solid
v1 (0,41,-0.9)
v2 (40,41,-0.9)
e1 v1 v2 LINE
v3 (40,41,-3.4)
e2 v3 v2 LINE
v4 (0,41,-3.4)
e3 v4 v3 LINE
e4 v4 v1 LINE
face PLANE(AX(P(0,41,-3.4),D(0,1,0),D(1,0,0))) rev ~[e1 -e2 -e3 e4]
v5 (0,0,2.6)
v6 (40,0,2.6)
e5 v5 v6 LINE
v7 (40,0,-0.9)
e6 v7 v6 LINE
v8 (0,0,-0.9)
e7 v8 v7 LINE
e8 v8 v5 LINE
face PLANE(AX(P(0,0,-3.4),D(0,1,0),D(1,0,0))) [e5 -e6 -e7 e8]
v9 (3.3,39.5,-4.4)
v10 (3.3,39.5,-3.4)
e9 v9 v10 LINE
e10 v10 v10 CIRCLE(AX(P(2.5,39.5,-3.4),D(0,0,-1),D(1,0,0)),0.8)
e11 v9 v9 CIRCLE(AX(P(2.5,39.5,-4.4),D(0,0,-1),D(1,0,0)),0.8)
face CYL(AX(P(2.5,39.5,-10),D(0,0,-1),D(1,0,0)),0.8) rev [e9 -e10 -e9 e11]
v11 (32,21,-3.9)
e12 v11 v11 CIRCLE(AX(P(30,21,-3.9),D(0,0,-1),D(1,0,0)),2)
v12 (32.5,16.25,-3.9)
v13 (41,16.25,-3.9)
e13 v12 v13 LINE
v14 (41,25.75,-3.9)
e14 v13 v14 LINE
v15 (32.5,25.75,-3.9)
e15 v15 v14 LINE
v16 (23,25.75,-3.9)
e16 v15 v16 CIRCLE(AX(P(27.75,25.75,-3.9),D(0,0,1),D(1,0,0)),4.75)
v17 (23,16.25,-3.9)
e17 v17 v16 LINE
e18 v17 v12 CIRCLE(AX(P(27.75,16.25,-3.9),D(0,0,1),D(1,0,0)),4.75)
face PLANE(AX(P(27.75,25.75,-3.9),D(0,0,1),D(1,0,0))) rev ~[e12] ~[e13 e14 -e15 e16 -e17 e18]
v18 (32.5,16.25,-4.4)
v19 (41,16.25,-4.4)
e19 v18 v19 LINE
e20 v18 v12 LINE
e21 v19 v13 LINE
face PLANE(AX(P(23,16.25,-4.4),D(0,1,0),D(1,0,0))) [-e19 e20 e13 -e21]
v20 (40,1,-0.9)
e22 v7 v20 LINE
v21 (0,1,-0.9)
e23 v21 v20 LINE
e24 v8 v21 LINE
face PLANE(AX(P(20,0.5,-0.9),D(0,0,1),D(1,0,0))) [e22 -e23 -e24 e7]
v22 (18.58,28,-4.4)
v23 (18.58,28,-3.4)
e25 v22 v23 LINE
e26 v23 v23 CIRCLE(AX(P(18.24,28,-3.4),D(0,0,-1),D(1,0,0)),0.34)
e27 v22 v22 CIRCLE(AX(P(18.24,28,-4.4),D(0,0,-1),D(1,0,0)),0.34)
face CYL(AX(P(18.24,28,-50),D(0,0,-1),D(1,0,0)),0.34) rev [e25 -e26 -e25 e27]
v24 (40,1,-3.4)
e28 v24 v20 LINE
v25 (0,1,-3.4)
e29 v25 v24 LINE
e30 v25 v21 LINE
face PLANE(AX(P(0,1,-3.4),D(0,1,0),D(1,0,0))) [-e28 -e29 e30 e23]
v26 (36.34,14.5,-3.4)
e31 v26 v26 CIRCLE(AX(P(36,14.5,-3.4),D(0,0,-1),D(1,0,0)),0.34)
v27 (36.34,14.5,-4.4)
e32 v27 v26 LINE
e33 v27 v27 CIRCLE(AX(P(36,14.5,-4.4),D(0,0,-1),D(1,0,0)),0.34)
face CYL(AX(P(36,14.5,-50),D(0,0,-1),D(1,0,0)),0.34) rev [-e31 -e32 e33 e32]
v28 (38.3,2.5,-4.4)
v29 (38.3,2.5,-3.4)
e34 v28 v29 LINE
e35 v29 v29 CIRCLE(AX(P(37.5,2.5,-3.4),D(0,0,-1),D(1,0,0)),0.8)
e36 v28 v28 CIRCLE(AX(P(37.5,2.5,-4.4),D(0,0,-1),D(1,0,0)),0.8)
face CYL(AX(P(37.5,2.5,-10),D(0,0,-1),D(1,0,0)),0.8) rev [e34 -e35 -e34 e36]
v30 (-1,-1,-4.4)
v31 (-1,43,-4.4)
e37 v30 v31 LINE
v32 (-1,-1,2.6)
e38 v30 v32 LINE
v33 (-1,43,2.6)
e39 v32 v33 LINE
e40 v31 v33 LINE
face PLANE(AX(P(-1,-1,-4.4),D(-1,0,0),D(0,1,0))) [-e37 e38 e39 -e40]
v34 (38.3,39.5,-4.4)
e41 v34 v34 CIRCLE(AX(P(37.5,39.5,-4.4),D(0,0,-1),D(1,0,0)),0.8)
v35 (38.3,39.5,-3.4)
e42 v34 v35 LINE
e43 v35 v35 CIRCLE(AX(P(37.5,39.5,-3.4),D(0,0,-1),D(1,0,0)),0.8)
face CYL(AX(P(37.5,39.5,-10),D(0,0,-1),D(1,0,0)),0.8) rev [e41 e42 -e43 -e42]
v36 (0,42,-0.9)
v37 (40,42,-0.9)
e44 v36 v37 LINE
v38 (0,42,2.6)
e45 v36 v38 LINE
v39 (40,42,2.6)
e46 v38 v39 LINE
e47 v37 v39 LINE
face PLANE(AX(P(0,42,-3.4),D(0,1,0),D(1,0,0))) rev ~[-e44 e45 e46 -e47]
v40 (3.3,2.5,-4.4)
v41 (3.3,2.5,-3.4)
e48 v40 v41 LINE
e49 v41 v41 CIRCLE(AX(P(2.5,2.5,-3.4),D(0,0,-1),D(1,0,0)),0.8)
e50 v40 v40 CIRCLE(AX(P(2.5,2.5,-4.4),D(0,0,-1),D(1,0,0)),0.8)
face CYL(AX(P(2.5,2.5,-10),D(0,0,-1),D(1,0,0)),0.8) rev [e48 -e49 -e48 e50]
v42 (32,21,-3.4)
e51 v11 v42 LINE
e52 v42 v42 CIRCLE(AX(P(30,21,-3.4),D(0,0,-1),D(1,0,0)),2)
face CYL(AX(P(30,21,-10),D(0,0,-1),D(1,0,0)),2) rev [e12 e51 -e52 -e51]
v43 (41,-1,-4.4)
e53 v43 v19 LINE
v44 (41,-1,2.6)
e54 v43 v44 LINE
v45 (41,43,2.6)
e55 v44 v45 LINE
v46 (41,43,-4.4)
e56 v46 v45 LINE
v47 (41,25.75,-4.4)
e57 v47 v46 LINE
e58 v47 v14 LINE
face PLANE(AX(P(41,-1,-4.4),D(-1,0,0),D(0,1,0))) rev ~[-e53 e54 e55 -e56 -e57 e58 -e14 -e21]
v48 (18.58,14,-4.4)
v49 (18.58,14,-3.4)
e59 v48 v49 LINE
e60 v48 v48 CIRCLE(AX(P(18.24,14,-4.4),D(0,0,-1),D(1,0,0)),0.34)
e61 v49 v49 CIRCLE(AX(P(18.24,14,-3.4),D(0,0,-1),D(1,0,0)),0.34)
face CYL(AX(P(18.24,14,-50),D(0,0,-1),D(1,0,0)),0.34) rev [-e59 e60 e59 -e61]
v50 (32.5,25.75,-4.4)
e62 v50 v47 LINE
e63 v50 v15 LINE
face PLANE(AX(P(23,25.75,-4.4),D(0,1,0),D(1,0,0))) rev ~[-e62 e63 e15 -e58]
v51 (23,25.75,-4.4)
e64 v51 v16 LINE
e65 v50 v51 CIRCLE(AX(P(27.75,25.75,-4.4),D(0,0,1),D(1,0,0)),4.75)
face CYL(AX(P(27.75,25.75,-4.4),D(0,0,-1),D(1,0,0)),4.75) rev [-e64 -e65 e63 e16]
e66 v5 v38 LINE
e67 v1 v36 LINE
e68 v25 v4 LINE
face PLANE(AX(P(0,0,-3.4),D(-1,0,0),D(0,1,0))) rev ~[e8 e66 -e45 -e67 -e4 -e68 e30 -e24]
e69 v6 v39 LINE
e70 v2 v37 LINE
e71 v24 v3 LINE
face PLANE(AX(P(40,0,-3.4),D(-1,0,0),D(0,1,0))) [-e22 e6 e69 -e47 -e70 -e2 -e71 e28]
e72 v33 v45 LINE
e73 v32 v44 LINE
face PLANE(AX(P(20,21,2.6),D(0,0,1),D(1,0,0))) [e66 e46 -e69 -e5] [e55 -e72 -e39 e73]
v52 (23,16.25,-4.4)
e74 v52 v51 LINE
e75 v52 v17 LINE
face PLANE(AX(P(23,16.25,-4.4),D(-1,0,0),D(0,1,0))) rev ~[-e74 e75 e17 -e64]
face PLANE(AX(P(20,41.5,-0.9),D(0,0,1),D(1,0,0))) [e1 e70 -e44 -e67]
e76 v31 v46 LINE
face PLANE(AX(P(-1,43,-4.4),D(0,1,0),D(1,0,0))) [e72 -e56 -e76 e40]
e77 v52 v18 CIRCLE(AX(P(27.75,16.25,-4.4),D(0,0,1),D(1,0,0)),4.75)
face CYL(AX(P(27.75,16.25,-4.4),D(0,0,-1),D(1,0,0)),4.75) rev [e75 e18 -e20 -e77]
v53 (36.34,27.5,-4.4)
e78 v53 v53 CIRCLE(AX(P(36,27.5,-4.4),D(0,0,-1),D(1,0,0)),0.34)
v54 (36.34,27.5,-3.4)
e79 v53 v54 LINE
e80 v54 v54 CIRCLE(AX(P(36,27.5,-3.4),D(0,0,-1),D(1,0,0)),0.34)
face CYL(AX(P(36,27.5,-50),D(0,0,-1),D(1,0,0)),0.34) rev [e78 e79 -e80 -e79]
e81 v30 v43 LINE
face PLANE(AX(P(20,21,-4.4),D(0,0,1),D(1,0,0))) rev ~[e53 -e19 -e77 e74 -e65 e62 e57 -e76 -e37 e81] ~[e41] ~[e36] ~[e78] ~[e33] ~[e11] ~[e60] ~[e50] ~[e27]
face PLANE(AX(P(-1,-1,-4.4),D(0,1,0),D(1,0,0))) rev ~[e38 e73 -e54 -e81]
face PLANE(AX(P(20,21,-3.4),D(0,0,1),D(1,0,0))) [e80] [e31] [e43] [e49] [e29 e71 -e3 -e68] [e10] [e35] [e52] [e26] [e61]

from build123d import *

# Parameters (mm, degrees)
CYLINDER009_R     = 0.8
CYLINDER009_DEPTH = 20
CYLINDER010_R     = 0.8
CYLINDER010_DEPTH = 20
CYLINDER011_R     = 0.8
CYLINDER011_DEPTH = 20
CYLINDER008_R     = 0.8
CYLINDER008_DEPTH = 20
CYLINDER005_R     = 0.34
CYLINDER005_DEPTH = 100
CYLINDER006_R     = 0.34
CYLINDER006_DEPTH = 100
CYLINDER007_R     = 0.34
CYLINDER007_DEPTH = 100
CYLINDER004_R     = 0.34
CYLINDER004_DEPTH = 100
CYLINDER002_R     = 4.75
CYLINDER002_DEPTH = 0.5
CYLINDER003_R     = 4.75
CYLINDER003_DEPTH = 0.5
BOX008_W          = 18
BOX008_H          = 9.5
BOX008_DEPTH      = 0.5
BOX004_W          = 40
BOX004_H          = 1
BOX004_DEPTH      = 2.5
CYLINDER001_R     = 2
CYLINDER001_DEPTH = 20
BOX002_W          = 40
BOX002_H          = 42
BOX002_DEPTH      = 6
BOX001_W          = 42
BOX001_H          = 44
BOX001_DEPTH      = 7
BOX003_W          = 40
BOX003_H          = 1
BOX003_DEPTH      = 2.5


with BuildPart() as zylinder009:
    # Cylinder009 → Cylinder009 (new body)
    with BuildSketch(Plane(origin=(2.5, 2.5, -10), x_dir=(1, 0, 0), z_dir=(0, 0, 1))):
        Circle(CYLINDER009_R)
    extrude(amount=CYLINDER009_DEPTH)


with BuildPart() as zylinder010:
    # Cylinder010 → Cylinder010 (new body)
    with BuildSketch(Plane(origin=(37.5, 39.5, -10), x_dir=(1, 0, 0), z_dir=(0, 0, 1))):
        Circle(CYLINDER010_R)
    extrude(amount=CYLINDER010_DEPTH)


with BuildPart() as zylinder011:
    # Cylinder011 → Cylinder011 (new body)
    with BuildSketch(Plane(origin=(2.5, 39.5, -10), x_dir=(1, 0, 0), z_dir=(0, 0, 1))):
        Circle(CYLINDER011_R)
    extrude(amount=CYLINDER011_DEPTH)


with BuildPart() as compound005:
    # Cylinder008 → Cylinder008 (new body)
    with BuildSketch(Plane(origin=(37.5, 2.5, -10), x_dir=(1, 0, 0), z_dir=(0, 0, 1))):
        Circle(CYLINDER008_R)
    extrude(amount=CYLINDER008_DEPTH)

    # Compound005: union Zylinder009, Zylinder010, Zylinder011
    add(zylinder009.part)
    add(zylinder010.part)
    add(zylinder011.part)


with BuildPart() as zylinder005:
    # Cylinder005 → Cylinder005 (new body)
    with BuildSketch(Plane(origin=(18.24, 28, -50), x_dir=(1, 0, 0), z_dir=(0, 0, 1))):
        Circle(CYLINDER005_R)
    extrude(amount=CYLINDER005_DEPTH)


with BuildPart() as zylinder006:
    # Cylinder006 → Cylinder006 (new body)
    with BuildSketch(Plane(origin=(36, 14.5, -50), x_dir=(1, 0, 0), z_dir=(0, 0, 1))):
        Circle(CYLINDER006_R)
    extrude(amount=CYLINDER006_DEPTH)


with BuildPart() as zylinder007:
    # Cylinder007 → Cylinder007 (new body)
    with BuildSketch(Plane(origin=(36, 27.5, -50), x_dir=(1, 0, 0), z_dir=(0, 0, 1))):
        Circle(CYLINDER007_R)
    extrude(amount=CYLINDER007_DEPTH)


with BuildPart() as m1tapholes:
    # Cylinder004 → Cylinder004 (new body)
    with BuildSketch(Plane(origin=(18.24, 14, -50), x_dir=(1, 0, 0), z_dir=(0, 0, 1))):
        Circle(CYLINDER004_R)
    extrude(amount=CYLINDER004_DEPTH)

    # Compound002: union Zylinder005, Zylinder006, Zylinder007
    add(zylinder005.part)
    add(zylinder006.part)
    add(zylinder007.part)


with BuildPart() as zylinder002:
    # Cylinder002 → Cylinder002 (new body)
    with BuildSketch(Plane(origin=(27.75, 25.75, -4.4), x_dir=(1, 0, 0), z_dir=(0, 0, 1))):
        Circle(CYLINDER002_R)
    extrude(amount=CYLINDER002_DEPTH)


with BuildPart() as zylinder003:
    # Cylinder003 → Cylinder003 (new body)
    with BuildSketch(Plane(origin=(27.75, 16.25, -4.4), x_dir=(1, 0, 0), z_dir=(0, 0, 1))):
        Circle(CYLINDER003_R)
    extrude(amount=CYLINDER003_DEPTH)


with BuildPart() as fusion002:
    # Box008 → Box008 (new body)
    with BuildSketch(Plane(origin=(23, 16.25, -4.4), x_dir=(1, 0, 0), z_dir=(0, 0, 1))):
        with Locations((9, 4.75)):
            Rectangle(BOX008_W, BOX008_H)
    extrude(amount=BOX008_DEPTH)

    # Fusion002: union Zylinder002, Zylinder003
    add(zylinder002.part)
    add(zylinder003.part)


with BuildPart() as w_rfel004:
    # Box004 → Box004 (new body)
    with BuildSketch(Plane(origin=(0, 41, -3.4), x_dir=(1, 0, 0), z_dir=(0, 0, 1))):
        with Locations((20, 0.5)):
            Rectangle(BOX004_W, BOX004_H)
    extrude(amount=BOX004_DEPTH)


with BuildPart() as zylinder001:
    # Cylinder001 → Cylinder001 (new body)
    with BuildSketch(Plane(origin=(30, 21, -10), x_dir=(1, 0, 0), z_dir=(0, 0, 1))):
        Circle(CYLINDER001_R)
    extrude(amount=CYLINDER001_DEPTH)


with BuildPart() as w_rfel002:
    # Box002 → Box002 (new body)
    with BuildSketch(Plane.XY.offset(-3.4)):
        with Locations((20, 21)):
            Rectangle(BOX002_W, BOX002_H)
    extrude(amount=BOX002_DEPTH)


with BuildPart() as cut002:
    # Box001 → Box001 (new body)
    with BuildSketch(Plane(origin=(-1, -1, -4.4), x_dir=(1, 0, 0), z_dir=(0, 0, 1))):
        with Locations((21, 22)):
            Rectangle(BOX001_W, BOX001_H)
    extrude(amount=BOX001_DEPTH)

    # Cut001: cut Würfel002
    add(w_rfel002.part, mode=Mode.SUBTRACT)

    # Cut002: cut Zylinder001
    add(zylinder001.part, mode=Mode.SUBTRACT)


with BuildPart() as upperpart:
    # Box003 → Box003 (new body)
    with BuildSketch(Plane.XY.offset(-3.4)):
        with Locations((20, 0.5)):
            Rectangle(BOX003_W, BOX003_H)
    extrude(amount=BOX003_DEPTH)

    # Fusion: union Würfel004, Cut002
    add(w_rfel004.part)
    add(cut002.part)

    # Cut004: cut Fusion002
    add(fusion002.part, mode=Mode.SUBTRACT)

    # Cut005: cut M1TapHoles
    add(m1tapholes.part, mode=Mode.SUBTRACT)

    # Cut007: cut Compound005
    add(compound005.part, mode=Mode.SUBTRACT)


solid = upperpart.part
